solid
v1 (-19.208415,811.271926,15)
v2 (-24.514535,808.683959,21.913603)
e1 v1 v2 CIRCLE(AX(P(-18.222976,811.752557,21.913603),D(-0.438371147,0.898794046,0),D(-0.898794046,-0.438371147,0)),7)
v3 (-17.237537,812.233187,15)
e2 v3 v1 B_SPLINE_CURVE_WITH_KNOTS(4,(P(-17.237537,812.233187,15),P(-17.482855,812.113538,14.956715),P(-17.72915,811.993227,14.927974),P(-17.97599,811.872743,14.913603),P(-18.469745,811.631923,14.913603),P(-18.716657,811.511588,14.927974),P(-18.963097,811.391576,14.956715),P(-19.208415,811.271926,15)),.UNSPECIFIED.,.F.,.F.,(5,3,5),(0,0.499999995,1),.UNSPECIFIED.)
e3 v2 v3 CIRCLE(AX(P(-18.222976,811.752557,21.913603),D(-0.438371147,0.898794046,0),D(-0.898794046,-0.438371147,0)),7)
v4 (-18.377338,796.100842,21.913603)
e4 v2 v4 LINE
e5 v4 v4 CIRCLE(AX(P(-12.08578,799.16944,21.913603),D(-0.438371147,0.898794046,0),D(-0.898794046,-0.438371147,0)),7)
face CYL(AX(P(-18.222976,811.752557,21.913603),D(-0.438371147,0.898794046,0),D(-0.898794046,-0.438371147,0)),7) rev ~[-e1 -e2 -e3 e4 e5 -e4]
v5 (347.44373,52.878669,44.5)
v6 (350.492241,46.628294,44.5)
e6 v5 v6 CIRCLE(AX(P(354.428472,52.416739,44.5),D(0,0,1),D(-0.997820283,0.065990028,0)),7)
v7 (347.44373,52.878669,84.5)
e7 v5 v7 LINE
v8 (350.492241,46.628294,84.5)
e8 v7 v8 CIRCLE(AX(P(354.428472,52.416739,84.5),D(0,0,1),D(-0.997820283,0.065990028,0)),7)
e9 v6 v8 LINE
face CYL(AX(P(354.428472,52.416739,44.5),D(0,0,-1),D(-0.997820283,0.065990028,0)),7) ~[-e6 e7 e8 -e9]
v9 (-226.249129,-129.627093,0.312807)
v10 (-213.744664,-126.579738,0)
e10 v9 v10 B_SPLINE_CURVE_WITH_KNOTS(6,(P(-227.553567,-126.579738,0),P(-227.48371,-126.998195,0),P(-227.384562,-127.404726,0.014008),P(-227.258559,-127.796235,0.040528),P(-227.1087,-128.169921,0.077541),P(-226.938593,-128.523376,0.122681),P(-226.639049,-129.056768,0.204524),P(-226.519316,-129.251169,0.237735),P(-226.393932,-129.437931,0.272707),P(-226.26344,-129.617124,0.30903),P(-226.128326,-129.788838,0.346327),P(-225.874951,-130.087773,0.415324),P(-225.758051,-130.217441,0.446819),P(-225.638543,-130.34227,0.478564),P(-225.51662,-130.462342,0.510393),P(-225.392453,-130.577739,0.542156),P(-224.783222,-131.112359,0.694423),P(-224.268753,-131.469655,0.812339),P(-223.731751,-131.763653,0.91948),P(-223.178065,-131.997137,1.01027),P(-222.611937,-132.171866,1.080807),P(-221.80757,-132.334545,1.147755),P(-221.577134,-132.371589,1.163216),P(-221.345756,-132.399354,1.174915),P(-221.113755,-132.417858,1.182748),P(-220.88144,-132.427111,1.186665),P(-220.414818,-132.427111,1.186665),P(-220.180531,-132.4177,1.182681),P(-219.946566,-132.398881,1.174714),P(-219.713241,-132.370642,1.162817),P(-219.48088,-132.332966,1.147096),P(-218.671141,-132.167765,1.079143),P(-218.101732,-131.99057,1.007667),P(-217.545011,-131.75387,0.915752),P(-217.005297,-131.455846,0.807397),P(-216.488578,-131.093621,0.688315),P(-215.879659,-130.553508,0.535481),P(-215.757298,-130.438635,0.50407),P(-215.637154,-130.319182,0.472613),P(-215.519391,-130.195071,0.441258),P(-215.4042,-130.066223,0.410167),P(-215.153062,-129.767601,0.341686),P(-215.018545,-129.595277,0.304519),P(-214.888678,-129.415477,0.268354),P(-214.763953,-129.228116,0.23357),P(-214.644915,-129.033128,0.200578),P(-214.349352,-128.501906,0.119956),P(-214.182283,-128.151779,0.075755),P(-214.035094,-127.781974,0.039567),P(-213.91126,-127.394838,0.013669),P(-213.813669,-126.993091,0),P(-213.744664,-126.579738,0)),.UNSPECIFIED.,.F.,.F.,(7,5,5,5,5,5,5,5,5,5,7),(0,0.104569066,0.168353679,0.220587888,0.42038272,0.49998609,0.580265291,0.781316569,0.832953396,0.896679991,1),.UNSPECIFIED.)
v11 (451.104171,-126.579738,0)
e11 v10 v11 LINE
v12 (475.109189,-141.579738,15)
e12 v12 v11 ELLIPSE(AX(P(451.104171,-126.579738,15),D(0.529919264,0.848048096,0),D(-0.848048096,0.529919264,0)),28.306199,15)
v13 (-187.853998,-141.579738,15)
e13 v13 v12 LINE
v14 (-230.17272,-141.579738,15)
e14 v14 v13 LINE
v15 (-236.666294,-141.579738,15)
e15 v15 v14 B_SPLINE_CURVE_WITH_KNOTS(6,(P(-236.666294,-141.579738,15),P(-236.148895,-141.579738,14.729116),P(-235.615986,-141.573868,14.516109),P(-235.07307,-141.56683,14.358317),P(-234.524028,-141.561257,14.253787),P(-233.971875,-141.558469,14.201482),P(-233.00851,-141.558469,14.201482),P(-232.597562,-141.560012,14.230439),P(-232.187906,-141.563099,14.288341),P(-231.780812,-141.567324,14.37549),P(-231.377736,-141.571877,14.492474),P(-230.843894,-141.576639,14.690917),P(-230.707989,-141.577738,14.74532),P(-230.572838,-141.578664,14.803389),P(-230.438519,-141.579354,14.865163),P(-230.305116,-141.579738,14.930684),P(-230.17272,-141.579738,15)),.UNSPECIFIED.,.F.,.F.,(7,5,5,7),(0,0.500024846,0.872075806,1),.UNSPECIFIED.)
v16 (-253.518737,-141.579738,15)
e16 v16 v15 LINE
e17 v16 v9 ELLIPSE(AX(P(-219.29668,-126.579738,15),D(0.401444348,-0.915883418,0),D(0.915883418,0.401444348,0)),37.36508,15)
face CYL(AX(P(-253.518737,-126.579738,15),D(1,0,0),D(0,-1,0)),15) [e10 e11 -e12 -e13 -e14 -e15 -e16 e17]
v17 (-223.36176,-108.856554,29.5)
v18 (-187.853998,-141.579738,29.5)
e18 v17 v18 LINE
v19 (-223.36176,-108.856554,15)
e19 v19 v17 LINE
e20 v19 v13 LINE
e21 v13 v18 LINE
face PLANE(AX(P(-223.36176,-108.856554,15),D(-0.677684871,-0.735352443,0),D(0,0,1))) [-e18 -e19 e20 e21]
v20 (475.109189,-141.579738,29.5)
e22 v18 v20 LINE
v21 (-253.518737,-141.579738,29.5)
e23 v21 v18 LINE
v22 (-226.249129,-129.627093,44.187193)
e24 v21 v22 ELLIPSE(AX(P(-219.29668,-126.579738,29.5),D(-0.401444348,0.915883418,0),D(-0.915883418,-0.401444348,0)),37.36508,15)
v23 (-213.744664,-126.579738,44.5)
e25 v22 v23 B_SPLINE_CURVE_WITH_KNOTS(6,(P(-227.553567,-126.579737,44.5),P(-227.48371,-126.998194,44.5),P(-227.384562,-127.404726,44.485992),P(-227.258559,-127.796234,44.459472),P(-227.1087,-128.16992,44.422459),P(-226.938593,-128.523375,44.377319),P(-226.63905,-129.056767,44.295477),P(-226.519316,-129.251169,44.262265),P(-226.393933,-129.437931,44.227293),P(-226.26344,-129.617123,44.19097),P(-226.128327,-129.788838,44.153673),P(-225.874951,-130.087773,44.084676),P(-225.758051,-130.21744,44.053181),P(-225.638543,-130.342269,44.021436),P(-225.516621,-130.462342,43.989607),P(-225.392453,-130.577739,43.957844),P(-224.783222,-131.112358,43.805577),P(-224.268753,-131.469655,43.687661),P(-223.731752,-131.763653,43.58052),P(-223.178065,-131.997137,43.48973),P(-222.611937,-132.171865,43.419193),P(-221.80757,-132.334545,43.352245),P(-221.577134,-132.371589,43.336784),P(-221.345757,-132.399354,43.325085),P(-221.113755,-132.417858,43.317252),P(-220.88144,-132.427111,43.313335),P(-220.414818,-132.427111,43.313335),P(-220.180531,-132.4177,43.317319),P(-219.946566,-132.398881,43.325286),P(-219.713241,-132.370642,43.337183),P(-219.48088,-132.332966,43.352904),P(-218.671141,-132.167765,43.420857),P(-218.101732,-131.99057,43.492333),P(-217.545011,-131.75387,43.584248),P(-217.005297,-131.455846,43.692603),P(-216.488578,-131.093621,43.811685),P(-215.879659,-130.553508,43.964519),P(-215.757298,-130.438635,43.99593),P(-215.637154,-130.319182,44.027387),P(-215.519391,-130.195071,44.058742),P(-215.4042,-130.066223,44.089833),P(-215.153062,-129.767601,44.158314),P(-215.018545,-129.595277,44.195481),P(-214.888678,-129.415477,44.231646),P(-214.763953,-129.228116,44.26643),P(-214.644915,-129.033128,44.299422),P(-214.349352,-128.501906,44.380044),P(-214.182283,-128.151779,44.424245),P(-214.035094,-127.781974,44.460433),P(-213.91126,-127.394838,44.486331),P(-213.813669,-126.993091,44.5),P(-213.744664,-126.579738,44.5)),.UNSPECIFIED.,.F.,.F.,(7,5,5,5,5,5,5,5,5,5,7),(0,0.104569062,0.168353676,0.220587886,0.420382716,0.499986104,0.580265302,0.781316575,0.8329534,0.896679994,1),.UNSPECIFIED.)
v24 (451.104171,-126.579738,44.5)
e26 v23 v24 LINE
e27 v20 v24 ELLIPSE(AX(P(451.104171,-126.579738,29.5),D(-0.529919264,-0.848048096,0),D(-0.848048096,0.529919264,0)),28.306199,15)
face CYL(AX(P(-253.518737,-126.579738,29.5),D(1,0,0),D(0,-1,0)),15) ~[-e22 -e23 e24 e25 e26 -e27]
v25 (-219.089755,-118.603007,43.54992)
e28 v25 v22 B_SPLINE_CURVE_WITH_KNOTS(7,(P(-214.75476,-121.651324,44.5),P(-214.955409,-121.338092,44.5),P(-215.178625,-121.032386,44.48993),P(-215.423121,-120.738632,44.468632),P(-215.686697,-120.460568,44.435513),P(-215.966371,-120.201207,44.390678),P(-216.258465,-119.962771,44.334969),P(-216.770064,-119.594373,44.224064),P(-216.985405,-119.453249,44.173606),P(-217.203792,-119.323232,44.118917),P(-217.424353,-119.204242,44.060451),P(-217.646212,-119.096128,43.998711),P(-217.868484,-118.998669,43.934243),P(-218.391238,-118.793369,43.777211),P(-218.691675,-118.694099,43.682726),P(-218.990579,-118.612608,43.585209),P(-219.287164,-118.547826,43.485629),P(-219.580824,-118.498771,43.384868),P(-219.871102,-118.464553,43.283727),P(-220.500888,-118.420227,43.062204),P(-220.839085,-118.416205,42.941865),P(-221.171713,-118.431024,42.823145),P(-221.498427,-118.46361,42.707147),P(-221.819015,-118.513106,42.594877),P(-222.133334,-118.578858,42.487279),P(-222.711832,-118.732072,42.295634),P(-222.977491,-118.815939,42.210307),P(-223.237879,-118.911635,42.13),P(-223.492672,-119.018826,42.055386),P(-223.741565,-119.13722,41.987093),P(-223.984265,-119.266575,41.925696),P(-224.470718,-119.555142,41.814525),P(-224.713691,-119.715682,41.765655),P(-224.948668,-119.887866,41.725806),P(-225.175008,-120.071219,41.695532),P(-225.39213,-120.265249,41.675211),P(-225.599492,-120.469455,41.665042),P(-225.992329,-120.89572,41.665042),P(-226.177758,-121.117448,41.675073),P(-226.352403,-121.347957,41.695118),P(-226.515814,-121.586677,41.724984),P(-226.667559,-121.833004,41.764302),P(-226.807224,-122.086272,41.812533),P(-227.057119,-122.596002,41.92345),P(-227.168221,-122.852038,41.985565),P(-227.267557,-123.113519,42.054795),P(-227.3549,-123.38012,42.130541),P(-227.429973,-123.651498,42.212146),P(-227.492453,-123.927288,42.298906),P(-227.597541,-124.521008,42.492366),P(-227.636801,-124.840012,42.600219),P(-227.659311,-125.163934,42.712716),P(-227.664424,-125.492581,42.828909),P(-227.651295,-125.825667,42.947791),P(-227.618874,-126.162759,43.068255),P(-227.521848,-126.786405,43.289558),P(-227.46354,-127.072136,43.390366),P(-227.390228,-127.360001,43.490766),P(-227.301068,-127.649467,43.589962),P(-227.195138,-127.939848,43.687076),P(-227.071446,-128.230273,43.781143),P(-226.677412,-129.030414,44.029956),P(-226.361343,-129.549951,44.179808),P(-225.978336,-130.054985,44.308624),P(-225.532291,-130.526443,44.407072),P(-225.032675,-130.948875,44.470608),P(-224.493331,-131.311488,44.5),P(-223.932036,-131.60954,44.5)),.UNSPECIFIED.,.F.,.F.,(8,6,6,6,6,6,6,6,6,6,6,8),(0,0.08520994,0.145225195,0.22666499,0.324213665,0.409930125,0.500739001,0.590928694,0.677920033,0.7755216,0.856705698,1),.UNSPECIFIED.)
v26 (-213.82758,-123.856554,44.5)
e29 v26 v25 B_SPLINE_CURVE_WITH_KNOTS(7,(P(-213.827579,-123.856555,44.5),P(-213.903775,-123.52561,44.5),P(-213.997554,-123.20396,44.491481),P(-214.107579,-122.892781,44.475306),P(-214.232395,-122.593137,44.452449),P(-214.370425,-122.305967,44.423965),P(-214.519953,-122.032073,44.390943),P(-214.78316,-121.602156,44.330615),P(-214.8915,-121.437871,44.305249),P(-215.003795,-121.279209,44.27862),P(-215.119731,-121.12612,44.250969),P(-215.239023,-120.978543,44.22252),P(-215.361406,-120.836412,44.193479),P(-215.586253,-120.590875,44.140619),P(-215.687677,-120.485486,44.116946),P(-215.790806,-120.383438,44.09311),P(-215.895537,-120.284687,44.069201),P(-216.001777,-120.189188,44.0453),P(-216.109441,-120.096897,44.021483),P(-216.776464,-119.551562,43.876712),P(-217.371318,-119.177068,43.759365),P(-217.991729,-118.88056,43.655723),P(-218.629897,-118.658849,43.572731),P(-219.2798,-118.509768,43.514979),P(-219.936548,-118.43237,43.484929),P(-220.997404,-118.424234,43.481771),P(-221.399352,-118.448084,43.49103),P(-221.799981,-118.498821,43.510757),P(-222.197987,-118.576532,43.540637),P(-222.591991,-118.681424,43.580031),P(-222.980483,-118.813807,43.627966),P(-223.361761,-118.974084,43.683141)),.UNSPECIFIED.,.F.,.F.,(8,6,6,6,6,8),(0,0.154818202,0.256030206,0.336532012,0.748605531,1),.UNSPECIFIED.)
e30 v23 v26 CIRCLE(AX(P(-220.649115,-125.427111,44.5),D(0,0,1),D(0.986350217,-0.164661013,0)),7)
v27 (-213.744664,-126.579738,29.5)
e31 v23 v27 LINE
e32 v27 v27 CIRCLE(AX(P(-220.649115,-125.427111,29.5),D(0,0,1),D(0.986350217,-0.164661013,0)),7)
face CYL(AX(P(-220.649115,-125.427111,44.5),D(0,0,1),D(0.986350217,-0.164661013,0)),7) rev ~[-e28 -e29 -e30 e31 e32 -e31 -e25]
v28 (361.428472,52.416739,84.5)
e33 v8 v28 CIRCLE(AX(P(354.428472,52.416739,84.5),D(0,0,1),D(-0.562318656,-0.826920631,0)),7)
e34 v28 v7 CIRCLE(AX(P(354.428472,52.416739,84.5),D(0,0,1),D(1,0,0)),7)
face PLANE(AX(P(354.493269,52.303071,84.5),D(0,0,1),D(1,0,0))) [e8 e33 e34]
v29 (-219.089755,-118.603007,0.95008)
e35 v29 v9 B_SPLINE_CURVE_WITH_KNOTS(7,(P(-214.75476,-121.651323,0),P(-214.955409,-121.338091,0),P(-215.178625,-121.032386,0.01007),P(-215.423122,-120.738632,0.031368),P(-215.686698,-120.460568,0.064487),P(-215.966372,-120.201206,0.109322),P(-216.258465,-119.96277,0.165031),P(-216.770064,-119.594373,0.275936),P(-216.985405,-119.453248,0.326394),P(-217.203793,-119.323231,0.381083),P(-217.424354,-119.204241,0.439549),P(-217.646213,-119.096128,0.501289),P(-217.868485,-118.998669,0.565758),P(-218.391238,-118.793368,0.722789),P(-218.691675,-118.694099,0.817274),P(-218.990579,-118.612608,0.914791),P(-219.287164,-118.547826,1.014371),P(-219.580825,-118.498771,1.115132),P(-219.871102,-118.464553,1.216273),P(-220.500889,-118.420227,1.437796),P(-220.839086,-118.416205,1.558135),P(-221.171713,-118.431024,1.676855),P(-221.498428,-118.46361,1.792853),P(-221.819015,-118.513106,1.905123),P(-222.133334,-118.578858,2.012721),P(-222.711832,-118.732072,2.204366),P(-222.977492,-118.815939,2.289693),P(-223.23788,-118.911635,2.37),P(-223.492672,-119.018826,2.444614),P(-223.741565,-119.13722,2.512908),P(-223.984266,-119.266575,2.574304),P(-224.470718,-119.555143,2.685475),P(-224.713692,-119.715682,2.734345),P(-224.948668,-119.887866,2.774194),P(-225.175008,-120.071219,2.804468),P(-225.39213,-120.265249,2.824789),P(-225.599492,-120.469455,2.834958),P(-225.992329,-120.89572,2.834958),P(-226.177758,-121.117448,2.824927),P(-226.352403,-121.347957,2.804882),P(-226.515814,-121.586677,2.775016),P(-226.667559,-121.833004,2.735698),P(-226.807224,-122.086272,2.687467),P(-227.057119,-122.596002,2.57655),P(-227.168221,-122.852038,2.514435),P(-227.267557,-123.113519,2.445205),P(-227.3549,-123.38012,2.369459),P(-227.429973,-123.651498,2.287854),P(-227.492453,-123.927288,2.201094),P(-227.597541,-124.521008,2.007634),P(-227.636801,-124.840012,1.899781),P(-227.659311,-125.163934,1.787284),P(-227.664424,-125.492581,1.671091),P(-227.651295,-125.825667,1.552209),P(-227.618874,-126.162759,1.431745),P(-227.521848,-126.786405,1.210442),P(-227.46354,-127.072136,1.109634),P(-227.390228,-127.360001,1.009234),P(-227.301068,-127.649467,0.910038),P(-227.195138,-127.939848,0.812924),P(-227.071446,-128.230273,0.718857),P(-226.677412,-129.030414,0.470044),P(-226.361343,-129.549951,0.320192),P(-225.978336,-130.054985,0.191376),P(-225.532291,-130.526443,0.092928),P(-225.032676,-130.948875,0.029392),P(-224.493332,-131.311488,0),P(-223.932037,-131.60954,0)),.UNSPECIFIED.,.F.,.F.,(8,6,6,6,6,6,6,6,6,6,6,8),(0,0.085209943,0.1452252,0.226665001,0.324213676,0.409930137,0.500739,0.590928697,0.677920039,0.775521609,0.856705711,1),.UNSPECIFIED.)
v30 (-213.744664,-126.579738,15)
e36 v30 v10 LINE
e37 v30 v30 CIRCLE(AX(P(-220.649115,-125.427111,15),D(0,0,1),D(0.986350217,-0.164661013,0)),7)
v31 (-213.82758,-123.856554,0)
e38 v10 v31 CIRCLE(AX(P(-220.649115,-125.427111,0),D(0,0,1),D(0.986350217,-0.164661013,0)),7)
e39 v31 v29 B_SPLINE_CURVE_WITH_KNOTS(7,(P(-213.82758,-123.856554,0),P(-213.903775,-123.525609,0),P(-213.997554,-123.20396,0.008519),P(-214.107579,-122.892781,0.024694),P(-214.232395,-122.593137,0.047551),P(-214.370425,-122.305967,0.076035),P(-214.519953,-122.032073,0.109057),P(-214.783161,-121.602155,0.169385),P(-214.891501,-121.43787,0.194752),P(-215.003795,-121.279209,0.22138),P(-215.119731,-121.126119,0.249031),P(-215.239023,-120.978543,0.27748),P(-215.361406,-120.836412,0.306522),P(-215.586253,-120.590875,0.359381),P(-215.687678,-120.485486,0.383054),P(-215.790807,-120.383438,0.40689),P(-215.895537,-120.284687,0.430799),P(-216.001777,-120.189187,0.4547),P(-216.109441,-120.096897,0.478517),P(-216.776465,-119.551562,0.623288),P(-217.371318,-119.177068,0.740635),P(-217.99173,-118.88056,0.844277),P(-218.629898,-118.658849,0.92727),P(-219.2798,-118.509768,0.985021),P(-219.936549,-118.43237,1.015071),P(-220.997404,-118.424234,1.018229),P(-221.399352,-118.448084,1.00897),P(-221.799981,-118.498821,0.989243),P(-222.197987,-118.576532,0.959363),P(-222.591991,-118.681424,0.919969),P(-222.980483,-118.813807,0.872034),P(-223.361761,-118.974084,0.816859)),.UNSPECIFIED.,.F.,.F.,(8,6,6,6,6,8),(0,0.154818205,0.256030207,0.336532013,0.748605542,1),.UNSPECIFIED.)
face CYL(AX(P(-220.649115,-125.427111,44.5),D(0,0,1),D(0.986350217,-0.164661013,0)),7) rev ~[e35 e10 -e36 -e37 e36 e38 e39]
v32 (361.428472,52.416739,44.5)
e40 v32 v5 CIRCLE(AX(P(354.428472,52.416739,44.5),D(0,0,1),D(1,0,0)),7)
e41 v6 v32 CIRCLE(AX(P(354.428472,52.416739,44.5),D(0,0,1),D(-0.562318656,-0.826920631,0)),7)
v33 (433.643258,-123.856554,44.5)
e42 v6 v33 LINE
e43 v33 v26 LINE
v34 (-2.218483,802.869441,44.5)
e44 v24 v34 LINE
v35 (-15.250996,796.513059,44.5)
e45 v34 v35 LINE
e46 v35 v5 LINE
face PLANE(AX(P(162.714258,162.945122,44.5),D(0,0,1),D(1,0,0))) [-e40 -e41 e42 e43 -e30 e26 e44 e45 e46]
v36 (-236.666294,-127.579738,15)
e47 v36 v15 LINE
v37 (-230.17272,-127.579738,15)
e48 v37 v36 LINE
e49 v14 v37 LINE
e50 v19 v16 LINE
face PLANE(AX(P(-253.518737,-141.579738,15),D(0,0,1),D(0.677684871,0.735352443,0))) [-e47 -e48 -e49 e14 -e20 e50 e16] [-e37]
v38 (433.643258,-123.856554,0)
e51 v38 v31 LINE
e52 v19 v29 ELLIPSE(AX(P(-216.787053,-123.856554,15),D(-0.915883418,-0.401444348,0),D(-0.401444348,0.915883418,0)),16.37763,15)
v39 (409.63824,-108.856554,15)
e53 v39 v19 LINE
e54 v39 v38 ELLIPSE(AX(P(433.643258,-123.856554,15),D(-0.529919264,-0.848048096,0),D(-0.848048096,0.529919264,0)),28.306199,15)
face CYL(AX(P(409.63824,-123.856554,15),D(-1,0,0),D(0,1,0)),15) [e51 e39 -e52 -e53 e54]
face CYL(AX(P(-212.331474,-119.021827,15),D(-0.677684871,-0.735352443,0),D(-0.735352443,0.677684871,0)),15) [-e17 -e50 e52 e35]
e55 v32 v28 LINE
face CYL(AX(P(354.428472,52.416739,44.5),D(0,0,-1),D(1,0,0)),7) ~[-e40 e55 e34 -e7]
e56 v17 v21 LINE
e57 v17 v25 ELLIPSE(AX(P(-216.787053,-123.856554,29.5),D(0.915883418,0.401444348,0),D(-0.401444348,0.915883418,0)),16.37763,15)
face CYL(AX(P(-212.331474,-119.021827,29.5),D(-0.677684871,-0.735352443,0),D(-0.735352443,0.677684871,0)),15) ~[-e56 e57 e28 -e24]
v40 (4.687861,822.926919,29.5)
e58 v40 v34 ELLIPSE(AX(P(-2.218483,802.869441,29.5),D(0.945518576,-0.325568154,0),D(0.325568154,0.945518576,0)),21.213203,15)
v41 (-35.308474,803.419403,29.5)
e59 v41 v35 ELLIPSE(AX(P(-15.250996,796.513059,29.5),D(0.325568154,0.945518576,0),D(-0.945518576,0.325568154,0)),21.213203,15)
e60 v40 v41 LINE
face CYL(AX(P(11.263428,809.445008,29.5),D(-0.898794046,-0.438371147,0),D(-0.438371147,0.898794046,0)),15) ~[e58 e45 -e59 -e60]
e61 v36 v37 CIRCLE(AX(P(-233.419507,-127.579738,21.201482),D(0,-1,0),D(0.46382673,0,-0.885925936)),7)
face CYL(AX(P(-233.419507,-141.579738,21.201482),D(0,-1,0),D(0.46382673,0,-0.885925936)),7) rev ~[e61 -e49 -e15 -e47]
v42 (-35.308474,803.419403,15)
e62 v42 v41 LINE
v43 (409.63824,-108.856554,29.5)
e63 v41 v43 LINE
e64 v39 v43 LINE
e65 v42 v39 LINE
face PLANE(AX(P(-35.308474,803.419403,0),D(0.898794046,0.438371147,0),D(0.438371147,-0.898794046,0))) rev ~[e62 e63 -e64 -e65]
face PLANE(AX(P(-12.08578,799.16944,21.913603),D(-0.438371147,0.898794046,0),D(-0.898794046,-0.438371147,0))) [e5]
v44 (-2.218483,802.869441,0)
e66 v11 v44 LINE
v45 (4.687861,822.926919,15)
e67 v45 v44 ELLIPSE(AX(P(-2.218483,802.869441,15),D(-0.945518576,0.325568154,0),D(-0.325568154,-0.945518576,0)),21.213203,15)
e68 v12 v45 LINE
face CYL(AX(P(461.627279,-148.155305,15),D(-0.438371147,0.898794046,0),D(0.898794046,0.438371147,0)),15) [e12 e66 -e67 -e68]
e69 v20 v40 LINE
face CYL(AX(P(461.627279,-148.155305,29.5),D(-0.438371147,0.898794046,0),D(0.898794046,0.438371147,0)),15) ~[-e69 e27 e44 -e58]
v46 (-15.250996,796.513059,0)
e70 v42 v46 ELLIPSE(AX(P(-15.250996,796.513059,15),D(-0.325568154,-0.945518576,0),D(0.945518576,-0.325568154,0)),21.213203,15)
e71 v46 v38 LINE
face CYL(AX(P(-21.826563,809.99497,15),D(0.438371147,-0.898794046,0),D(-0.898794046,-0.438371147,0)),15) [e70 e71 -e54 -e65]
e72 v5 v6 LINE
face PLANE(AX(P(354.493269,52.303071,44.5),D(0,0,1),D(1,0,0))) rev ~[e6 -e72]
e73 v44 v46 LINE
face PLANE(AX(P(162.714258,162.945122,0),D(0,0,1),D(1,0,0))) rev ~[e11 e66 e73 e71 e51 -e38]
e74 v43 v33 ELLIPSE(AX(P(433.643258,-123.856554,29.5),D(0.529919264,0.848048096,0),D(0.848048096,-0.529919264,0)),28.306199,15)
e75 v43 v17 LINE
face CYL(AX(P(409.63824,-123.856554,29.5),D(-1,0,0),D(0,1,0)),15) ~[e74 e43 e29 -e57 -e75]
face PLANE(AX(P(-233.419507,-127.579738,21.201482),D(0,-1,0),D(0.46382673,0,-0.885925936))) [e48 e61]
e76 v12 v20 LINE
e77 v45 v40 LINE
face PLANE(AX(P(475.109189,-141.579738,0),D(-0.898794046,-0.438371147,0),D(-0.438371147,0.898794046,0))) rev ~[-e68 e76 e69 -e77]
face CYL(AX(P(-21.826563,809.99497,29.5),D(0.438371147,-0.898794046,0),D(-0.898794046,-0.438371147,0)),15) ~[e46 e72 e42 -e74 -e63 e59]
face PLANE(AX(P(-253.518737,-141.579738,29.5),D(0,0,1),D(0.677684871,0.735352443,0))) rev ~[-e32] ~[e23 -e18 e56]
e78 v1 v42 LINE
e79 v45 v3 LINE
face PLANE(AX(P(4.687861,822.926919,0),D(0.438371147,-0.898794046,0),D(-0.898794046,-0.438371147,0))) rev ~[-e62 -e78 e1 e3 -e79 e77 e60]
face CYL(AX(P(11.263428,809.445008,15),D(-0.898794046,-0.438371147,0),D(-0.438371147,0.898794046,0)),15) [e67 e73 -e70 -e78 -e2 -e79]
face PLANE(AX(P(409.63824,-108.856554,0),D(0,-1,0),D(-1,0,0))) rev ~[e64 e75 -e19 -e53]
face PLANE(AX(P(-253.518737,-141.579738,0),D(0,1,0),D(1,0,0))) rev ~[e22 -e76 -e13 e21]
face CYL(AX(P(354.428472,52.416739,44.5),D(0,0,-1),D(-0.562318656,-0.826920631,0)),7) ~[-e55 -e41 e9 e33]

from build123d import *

# Parameters (mm, degrees)
BOSS_EXTRUDE1_DEPTH = 44.5
FILLET2_R           = 15
SKETCH2_R           = 7
CUT_EXTRUDE1_DEPTH  = 14
SKETCH3_R           = 7
CUT_EXTRUDE2_DEPTH  = 14
SKETCH4_R           = 7
CUT_EXTRUDE3_DEPTH  = 14
SKETCH5_R           = 7
CUT_EXTRUDE4_DEPTH  = 952.271625519
SKETCH6_W           = 14.5
SKETCH6_H           = 44.5
CUT_EXTRUDE5_DEPTH  = 936.632574619
BOSS_EXTRUDE3_DEPTH = 40


with BuildPart() as part:
    # Sketch1 → Boss-Extrude1 (new body)
    with BuildSketch(Plane.XY):
        Polygon((-253.518736915, -141.579738071), (475.109189289, -141.579738071), (4.687860899, 822.926918688), (-35.308474161, 803.419402656), (409.63823983, -108.856554338), (-223.36176017, -108.856554338), align=None)
    extrude(amount=BOSS_EXTRUDE1_DEPTH)

    # Fillet2
    fillet2_edges = [part.edges().sort_by_distance(p)[0] for p in [
        (239.898525094, 340.673590309, 44.5),
        (-15.310306631, 813.173160672, 44.5),
        (187.164882834, 347.281424159, 44.5),
        (93.13823983, -108.856554338, 44.5),
        (-238.440248543, -125.218146204, 44.5),
        (93.13823983, -108.856554338, 0),
        (187.164882834, 347.281424159, 0),
        (-15.310306631, 813.173160672, 0),
        (239.898525094, 340.673590309, 0),
        (110.795226187, -141.579738071, 0),
        (-238.440248543, -125.218146204, 0),
        (110.795226187, -141.579738071, 44.5),
    ]]
    fillet(fillet2_edges, radius=FILLET2_R)

    # Sketch2 → Cut-Extrude1 (cut)
    with BuildSketch(Plane(origin=(-323.336767908, 662.938617367, 0), x_dir=(0.8987940462991654, 0.43837114678908073, 0), z_dir=(-0.43837114678908073, 0.8987940462991654, 0))):
        with Locations(Location((339.470196695, -21.913602874, 0), (0, 0, 180))):
            Circle(SKETCH2_R)
    extrude(amount=-CUT_EXTRUDE1_DEPTH, mode=Mode.SUBTRACT)

    # Sketch3 → Cut-Extrude2 (cut)
    with BuildSketch(Plane(origin=(-66.534083276, 61.316368798, 0), x_dir=(0, 0, 1), z_dir=(-0.735352443447444, 0.6776848706558778, 0))):
        with Locations(Location((22.366337019, -255.510068241, 0), (0, 0, 270))):
            Circle(SKETCH3_R)
    extrude(amount=-CUT_EXTRUDE2_DEPTH, mode=Mode.SUBTRACT)

    # Sketch4 → Cut-Extrude3 (cut)
    with BuildSketch(Plane(origin=(0, -141.579738071, 0), x_dir=(-1, 0, 0), z_dir=(0, -1, 0))):
        with Locations(Location((233.419507196, -21.201481555, 0), (0, 0, 117.634316404))):
            Circle(SKETCH4_R)
    extrude(amount=-CUT_EXTRUDE3_DEPTH, mode=Mode.SUBTRACT)

    # Sketch5 → Cut-Extrude4 (cut, through all)
    with BuildSketch(Plane.XY.offset(44.5)):
        with Locations(Location((-220.649115428, -125.427110978, 0), (0, 0, 350.522457382))):
            Circle(SKETCH5_R)
    extrude(amount=-CUT_EXTRUDE4_DEPTH, mode=Mode.SUBTRACT)

    # Sketch6 → Cut-Extrude5 (cut, through all)
    with BuildSketch(Plane(origin=(-66.534083276, 61.316368798, 0), x_dir=(0, 0, 1), z_dir=(-0.735352443447444, 0.6776848706558778, 0))):
        with Locations((22.25, -253.666818768)):
            Rectangle(SKETCH6_W, SKETCH6_H)
    extrude(amount=-CUT_EXTRUDE5_DEPTH, mode=Mode.SUBTRACT)

    # Sketch8 → Boss-Extrude3 (add)
    with BuildSketch(Plane.XY.offset(44.5)):
        with BuildLine():
            ThreePointArc((350.492241226, 46.628294304), (357.703100488, 46.229913436), (361.428471817, 52.416738718))
            ThreePointArc((361.428471817, 52.416738718), (354.659562876, 59.412923172), (347.443729839, 52.878668912))
            Line((347.443729839, 52.878668912), (350.492241226, 46.628294304))
        make_face()
        with BuildLine():
            Line((350.492241226, 46.628294304), (347.443729839, 52.878668912))
            ThreePointArc((347.443729839, 52.878668912), (348.136913493, 49.34814069), (350.492241226, 46.628294304))
        make_face()
    extrude(amount=BOSS_EXTRUDE3_DEPTH)


solid = part.part
